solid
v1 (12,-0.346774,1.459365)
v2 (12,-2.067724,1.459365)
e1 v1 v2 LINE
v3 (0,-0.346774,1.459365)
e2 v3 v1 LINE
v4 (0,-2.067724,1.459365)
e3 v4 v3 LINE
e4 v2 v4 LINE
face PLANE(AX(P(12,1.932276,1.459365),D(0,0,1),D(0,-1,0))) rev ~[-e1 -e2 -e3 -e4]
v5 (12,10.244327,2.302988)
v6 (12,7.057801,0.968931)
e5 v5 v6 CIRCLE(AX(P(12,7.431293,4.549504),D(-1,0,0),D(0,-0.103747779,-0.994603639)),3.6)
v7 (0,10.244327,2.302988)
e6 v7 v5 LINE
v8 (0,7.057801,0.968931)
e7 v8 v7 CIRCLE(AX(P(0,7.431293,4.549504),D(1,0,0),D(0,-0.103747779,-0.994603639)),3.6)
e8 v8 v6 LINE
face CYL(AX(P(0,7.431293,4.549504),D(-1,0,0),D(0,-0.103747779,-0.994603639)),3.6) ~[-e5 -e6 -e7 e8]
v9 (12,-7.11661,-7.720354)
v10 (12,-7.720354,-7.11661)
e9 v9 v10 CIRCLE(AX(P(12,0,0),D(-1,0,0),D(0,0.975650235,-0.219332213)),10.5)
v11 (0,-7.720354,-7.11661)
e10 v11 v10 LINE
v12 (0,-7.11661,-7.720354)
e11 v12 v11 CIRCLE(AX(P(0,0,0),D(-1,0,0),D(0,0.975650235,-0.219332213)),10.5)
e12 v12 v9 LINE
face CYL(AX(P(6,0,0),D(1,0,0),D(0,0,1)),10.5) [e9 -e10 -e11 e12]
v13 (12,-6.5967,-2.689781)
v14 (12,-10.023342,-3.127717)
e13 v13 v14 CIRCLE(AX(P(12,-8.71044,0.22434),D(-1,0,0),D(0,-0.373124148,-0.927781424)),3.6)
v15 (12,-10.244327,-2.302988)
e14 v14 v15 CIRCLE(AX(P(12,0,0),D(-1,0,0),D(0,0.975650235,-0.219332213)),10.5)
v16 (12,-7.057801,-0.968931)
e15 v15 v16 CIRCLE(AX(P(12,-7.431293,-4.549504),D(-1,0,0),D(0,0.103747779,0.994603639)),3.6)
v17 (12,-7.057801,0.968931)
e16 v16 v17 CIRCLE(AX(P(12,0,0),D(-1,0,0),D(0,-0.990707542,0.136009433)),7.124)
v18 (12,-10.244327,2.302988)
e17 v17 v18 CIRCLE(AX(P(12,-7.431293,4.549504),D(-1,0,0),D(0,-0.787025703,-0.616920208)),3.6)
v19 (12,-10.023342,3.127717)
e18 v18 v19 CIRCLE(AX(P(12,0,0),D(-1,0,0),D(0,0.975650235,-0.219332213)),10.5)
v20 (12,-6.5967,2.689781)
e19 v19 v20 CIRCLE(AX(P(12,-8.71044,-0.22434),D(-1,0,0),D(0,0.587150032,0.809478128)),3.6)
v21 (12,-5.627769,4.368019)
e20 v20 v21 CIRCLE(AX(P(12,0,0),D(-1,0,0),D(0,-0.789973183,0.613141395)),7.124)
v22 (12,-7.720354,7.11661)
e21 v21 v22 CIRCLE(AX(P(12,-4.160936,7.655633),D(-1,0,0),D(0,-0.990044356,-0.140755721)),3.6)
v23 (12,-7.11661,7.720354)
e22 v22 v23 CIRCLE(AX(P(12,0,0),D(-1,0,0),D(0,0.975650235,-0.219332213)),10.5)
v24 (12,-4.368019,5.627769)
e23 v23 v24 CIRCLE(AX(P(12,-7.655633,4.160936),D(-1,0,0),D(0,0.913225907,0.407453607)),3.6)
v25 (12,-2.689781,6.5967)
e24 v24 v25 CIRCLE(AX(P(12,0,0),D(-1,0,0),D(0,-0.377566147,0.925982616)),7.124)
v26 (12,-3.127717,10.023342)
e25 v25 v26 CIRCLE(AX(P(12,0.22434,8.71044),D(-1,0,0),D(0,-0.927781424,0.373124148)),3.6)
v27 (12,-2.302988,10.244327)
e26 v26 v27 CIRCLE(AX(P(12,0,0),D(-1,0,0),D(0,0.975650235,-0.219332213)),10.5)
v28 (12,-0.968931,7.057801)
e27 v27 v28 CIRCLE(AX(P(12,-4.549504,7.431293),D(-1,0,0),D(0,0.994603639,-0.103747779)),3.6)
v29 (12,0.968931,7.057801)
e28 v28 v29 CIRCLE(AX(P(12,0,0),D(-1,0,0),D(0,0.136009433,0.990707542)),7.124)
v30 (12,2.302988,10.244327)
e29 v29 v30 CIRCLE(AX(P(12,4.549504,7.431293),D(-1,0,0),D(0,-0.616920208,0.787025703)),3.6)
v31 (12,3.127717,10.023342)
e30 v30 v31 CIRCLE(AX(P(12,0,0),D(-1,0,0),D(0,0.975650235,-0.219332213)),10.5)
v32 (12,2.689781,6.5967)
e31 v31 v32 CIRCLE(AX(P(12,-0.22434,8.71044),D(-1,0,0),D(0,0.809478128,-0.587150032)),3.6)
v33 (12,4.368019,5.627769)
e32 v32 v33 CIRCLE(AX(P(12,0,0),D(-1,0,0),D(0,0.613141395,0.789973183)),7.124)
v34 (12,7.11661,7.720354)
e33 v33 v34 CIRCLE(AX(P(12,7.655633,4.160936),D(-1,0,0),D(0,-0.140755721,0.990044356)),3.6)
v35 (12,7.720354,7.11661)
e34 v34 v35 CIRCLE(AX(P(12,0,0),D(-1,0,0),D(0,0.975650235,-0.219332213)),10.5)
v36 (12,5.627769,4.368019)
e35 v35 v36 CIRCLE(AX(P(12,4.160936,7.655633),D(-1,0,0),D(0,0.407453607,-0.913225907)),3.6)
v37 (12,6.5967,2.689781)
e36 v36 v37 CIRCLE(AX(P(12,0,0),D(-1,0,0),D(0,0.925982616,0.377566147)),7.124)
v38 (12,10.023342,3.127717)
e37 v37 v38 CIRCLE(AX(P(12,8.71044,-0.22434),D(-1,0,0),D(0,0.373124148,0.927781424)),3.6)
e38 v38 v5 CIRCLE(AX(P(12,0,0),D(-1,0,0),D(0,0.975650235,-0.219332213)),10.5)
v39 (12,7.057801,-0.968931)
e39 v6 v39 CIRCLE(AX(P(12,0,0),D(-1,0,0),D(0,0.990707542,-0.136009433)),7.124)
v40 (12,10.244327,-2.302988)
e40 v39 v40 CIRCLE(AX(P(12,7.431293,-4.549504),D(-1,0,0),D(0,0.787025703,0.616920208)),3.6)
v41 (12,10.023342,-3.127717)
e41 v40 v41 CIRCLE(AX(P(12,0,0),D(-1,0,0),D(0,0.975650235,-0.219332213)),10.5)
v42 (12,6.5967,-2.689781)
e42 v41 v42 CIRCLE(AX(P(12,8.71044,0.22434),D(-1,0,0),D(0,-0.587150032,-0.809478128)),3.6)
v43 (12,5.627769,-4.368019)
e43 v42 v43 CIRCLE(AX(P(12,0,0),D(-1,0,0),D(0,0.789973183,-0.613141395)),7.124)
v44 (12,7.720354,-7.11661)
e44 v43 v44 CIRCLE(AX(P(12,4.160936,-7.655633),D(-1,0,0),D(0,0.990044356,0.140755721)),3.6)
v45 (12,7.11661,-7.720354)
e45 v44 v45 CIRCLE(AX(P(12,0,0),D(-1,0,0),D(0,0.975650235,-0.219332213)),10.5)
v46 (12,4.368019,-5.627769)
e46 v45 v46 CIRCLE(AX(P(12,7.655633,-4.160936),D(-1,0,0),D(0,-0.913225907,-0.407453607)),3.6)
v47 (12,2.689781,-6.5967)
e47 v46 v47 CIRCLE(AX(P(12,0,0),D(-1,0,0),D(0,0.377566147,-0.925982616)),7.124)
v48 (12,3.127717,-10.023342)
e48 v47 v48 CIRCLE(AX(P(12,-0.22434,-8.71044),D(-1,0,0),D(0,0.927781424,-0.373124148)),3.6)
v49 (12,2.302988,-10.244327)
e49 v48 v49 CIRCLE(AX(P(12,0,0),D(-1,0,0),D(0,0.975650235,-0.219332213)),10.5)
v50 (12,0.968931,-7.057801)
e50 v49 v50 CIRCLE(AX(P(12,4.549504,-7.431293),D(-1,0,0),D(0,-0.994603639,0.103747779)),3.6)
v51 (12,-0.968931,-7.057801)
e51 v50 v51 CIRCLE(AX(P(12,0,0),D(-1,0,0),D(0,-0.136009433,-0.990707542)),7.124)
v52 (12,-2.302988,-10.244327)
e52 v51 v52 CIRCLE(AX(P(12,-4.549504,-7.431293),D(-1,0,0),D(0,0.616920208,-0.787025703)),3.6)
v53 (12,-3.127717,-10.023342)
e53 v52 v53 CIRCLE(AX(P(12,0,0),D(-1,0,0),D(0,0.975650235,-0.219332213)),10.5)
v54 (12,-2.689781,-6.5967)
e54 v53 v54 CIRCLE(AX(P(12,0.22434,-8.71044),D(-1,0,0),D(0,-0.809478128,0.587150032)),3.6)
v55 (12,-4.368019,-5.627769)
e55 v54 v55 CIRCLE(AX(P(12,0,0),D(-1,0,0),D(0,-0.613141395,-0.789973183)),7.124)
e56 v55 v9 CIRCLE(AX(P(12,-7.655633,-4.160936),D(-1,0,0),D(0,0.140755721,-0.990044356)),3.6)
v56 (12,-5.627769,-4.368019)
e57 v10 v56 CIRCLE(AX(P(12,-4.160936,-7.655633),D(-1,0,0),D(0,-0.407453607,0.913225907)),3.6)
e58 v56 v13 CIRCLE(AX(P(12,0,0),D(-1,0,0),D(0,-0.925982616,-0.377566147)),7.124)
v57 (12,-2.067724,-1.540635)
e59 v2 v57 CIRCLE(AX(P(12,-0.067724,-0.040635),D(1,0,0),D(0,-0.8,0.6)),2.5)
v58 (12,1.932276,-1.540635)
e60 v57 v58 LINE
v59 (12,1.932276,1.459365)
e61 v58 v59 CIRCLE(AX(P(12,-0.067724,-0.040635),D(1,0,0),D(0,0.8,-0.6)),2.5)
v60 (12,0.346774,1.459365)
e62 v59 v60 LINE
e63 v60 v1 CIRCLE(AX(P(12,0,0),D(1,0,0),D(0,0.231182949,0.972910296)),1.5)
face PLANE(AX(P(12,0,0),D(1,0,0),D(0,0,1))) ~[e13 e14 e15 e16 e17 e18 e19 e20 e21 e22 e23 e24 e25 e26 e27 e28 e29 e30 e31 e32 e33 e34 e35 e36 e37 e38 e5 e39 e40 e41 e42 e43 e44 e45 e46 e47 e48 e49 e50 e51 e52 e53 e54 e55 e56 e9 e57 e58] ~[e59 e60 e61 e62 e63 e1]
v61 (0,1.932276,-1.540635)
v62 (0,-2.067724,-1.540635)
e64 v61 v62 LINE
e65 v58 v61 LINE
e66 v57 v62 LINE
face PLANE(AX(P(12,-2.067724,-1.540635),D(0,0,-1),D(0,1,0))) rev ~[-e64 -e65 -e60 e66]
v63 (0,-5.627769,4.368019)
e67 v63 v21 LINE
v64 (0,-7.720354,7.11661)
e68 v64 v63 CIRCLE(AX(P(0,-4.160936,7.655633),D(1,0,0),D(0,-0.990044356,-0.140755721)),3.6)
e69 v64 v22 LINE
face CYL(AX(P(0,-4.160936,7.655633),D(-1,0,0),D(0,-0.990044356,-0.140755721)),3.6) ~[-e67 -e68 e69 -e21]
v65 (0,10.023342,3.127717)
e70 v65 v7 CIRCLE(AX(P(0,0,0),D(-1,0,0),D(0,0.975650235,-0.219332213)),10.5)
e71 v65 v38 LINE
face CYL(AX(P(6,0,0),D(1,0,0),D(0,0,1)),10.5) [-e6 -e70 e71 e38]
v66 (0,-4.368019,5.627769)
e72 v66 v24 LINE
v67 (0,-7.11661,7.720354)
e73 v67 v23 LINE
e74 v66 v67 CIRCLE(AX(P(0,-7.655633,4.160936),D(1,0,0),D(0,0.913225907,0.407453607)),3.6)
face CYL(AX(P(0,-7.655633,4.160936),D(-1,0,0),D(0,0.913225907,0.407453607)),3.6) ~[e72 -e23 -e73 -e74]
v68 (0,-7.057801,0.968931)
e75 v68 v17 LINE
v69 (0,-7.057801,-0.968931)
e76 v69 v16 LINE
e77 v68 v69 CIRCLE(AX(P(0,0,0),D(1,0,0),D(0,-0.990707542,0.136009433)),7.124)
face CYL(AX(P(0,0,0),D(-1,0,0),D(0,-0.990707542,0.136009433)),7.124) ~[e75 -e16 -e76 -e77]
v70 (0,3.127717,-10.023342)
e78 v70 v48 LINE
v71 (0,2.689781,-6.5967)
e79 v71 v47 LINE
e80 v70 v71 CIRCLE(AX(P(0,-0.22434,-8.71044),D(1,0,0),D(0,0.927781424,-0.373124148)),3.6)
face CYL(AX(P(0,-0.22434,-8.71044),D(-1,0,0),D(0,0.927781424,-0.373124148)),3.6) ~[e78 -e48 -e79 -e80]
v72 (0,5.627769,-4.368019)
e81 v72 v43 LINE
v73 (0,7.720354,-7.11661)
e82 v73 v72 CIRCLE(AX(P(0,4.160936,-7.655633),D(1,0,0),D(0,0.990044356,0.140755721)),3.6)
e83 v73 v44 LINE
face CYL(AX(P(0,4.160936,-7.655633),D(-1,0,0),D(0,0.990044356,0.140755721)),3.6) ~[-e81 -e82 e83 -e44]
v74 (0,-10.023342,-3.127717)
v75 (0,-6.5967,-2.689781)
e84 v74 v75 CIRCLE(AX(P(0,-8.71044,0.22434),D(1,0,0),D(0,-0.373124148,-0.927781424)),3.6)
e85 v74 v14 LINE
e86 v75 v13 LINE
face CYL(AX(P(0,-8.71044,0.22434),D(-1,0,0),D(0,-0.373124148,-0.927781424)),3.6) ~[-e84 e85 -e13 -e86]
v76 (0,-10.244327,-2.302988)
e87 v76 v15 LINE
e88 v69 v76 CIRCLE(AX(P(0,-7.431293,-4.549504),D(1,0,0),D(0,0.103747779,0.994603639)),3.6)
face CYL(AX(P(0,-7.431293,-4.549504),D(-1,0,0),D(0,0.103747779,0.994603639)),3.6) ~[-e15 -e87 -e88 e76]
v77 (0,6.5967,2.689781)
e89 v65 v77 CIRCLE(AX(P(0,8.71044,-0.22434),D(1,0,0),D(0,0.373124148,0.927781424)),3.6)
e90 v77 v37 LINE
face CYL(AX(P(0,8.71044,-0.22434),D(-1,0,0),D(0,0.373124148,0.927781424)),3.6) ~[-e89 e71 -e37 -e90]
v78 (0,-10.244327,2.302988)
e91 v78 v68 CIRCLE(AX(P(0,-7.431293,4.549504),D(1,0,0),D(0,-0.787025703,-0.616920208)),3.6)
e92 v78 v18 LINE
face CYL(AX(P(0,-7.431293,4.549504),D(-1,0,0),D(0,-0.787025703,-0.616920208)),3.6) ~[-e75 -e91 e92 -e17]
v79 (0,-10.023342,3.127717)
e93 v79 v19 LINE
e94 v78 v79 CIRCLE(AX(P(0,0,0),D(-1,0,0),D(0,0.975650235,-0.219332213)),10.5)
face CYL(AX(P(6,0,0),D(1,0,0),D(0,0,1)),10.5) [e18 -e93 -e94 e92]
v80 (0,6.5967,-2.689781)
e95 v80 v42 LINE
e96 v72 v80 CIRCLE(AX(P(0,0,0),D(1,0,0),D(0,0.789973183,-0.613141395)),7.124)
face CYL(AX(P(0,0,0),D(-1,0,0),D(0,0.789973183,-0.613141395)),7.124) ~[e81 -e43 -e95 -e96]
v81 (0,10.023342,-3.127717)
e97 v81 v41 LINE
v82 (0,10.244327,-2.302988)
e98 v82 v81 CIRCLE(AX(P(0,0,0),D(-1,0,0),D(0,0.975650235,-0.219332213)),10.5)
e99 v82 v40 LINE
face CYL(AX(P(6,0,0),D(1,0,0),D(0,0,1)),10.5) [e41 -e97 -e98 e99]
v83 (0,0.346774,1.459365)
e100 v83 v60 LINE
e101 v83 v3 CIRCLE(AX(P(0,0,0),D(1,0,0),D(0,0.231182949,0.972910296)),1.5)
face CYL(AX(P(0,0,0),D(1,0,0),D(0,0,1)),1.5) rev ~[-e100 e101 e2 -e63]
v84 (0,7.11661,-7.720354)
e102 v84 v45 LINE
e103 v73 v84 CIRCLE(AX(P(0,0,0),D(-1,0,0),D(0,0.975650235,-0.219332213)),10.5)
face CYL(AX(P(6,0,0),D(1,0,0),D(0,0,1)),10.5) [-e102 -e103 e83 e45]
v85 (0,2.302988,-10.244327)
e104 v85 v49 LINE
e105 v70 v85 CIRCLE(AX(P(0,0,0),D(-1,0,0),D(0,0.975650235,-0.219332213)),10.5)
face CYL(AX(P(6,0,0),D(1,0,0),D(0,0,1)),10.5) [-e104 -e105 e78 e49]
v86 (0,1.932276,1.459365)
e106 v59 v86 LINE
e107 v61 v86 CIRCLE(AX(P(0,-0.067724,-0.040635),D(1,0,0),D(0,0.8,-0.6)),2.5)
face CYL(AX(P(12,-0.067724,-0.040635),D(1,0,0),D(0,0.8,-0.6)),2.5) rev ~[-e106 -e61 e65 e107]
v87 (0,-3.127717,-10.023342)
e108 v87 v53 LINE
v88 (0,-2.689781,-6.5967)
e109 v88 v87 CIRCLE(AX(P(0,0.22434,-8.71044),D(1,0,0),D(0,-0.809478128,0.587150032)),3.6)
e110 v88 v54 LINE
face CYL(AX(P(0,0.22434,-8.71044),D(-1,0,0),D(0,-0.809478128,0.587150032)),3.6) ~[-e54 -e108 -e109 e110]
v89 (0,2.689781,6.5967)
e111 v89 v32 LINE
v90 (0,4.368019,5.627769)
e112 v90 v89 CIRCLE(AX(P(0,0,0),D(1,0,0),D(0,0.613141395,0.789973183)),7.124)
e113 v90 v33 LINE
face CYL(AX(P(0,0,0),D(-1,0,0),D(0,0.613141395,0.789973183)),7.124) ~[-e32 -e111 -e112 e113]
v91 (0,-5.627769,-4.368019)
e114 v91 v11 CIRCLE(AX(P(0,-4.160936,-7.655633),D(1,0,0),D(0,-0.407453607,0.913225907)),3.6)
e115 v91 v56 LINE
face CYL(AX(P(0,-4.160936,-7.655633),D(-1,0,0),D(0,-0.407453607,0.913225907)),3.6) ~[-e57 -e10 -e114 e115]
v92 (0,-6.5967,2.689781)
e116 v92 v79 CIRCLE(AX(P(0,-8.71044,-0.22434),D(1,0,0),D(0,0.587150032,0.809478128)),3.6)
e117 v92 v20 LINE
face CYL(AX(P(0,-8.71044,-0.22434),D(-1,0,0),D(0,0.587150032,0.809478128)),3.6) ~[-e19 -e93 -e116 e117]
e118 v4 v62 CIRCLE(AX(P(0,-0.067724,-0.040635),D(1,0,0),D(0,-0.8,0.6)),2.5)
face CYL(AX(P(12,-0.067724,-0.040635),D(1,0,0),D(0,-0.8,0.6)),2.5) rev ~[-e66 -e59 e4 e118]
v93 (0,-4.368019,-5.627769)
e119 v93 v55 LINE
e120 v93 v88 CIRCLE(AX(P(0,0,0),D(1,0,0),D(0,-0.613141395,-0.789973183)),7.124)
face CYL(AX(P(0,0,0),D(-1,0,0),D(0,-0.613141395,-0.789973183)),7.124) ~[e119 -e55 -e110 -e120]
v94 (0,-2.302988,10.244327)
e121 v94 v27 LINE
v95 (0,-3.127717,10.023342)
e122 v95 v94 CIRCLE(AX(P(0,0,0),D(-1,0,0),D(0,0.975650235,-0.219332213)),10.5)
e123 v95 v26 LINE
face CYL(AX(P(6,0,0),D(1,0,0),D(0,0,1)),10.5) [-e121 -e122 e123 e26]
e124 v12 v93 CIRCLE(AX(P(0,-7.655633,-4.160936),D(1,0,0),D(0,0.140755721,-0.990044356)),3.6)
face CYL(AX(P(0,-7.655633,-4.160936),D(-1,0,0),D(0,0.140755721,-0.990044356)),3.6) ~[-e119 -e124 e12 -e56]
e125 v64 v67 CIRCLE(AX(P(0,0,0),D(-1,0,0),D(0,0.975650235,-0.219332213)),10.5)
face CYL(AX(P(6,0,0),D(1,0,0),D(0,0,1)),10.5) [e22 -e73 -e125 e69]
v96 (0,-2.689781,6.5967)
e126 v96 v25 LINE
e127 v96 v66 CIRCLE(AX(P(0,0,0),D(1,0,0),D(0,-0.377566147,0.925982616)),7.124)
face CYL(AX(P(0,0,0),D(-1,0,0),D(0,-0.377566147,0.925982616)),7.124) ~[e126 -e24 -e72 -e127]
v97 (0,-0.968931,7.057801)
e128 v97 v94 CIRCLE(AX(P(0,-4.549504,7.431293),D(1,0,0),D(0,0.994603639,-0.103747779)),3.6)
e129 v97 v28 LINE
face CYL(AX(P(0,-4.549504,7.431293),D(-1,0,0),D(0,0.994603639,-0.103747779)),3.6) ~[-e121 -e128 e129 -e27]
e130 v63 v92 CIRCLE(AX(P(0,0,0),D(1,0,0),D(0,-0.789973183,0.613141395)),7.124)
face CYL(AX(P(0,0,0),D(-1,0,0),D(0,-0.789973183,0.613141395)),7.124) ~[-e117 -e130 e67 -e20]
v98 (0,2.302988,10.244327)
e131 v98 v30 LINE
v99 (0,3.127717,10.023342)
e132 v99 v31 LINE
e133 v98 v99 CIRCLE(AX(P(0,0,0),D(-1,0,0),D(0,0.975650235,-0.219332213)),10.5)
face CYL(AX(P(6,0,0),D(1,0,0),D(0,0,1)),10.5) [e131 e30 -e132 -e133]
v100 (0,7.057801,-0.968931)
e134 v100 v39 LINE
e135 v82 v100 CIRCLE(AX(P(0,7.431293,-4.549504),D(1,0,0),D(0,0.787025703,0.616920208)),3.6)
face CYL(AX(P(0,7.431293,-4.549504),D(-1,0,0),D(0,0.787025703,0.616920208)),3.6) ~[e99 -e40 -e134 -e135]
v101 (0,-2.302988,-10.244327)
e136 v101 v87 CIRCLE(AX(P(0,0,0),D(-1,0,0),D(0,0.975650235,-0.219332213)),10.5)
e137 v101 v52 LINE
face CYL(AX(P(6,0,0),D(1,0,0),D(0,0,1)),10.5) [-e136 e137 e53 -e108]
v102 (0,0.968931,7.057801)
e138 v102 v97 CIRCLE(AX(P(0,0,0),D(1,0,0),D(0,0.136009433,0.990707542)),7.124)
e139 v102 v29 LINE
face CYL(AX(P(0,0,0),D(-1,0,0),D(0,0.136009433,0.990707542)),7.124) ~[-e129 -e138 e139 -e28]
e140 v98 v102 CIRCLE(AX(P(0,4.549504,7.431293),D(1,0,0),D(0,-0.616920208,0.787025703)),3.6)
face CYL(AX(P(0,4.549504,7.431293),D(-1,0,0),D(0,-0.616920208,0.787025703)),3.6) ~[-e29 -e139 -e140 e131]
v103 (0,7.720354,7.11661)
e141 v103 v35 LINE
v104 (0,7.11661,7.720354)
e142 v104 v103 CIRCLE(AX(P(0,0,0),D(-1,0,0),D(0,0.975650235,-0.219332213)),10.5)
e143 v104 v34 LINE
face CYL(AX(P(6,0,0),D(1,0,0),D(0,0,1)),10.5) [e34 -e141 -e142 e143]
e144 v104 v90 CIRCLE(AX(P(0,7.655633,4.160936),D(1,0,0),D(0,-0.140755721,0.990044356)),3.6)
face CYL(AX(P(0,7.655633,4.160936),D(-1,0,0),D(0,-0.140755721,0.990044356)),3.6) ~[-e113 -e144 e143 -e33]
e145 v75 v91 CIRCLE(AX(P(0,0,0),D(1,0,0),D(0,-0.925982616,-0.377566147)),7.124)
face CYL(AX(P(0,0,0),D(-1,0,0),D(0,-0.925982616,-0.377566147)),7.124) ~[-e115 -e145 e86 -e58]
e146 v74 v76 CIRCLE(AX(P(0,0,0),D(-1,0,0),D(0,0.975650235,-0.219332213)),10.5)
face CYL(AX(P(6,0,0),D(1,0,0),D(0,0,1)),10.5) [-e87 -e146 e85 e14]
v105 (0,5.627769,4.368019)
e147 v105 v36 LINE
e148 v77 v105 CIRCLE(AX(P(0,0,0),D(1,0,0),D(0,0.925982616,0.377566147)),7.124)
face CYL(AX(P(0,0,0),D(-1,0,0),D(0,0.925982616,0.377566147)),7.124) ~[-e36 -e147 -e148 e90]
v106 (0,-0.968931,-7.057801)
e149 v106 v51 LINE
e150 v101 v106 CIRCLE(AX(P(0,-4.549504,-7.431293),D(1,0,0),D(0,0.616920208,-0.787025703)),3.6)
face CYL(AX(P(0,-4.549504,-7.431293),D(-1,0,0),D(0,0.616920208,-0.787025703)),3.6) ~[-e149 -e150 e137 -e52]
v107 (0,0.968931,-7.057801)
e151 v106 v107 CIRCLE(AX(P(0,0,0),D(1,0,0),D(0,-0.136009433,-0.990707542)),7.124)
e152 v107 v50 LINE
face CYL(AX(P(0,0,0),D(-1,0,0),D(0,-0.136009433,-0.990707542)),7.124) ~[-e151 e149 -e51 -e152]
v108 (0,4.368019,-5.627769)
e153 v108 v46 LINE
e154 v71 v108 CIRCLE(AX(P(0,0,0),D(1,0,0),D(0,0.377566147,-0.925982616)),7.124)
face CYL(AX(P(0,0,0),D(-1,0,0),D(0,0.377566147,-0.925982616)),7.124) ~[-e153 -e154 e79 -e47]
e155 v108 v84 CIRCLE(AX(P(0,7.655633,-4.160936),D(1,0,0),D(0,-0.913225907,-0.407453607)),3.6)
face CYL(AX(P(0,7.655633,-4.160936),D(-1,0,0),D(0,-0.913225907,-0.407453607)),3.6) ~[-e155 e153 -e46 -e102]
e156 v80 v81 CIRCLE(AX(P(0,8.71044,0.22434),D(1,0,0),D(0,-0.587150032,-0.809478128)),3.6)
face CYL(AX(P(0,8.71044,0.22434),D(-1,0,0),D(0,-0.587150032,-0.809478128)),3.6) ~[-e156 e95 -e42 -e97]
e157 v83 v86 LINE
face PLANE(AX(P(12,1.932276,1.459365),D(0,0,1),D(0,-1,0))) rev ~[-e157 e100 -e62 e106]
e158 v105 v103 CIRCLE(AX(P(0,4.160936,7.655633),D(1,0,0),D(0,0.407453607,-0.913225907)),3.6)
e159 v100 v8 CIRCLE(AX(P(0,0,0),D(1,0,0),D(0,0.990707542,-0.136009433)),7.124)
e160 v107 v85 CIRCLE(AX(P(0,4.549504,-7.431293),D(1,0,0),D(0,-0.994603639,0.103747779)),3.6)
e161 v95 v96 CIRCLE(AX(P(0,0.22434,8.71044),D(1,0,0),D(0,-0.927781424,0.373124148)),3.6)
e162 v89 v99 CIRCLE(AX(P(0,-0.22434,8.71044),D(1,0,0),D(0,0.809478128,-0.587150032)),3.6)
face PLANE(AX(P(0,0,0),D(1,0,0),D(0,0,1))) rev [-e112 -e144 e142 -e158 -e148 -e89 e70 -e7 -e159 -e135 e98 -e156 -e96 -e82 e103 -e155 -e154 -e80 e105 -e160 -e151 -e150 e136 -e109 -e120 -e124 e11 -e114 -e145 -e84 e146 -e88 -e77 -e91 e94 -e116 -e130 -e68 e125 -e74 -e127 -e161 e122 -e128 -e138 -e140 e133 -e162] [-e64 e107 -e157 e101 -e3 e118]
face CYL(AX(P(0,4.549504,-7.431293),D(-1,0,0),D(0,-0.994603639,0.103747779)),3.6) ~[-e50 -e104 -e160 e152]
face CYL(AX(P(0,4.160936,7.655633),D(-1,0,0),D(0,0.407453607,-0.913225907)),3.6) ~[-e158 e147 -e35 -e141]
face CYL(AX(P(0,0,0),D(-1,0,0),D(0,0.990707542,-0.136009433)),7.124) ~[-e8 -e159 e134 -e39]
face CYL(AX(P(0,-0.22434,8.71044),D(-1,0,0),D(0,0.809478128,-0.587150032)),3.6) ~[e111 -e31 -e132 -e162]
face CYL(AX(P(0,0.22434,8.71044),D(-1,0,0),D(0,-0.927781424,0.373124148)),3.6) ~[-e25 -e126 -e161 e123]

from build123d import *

# Parameters (mm, degrees)
BASPROSKE_W        = 12
BASPROSKE_H        = 10.5
TOOTHCUT_DEPTH     = 20.091883092
TEETHCUTS_COUNT    = 12
TEETHCUTS_ANGLE    = 330
BORSKE_R           = 1.5
BORE_DEPTH         = 50.0000508
CUT_EXTRUDE1_DEPTH = 15


with BuildPart() as part:
    # BasProSke → Base-Revolve (revolve)
    with BuildSketch(Plane(origin=(0, 0, 0), x_dir=(1, 0, 0), z_dir=(0, 1, 0)), mode=Mode.PRIVATE) as base_revolve_sk:
        with Locations((6, 5.25)):
            Rectangle(BASPROSKE_W, BASPROSKE_H)
    revolve(base_revolve_sk.sketch.rotate(Axis((-10, 0, 0), (1, 0, 0)), 180), axis=Axis((-10, 0, 0), (1, 0, 0)))

    # TooCutSke → ToothCut (cut, through all)
    with BuildSketch(Plane(origin=(0, 0, 0), x_dir=(0, 0, -1), z_dir=(1, 0, 0))):
        with BuildLine():
            ThreePointArc((0.968931207, 7.05780053), (0, 7.124), (-0.968931207, 7.05780053))
            ThreePointArc((-0.968931207, 7.05780053), (-1.23511503, 8.836576748), (-2.328591557, 10.264585063))
            ThreePointArc((-2.328591557, 10.264585063), (0, 10.5254), (2.328591557, 10.264585063))
            ThreePointArc((2.328591557, 10.264585063), (1.23511503, 8.836576748), (0.968931207, 7.05780053))
        make_face()
    toothcut = extrude(amount=TOOTHCUT_DEPTH, mode=Mode.SUBTRACT)

    # TeethCuts: ToothCut ×12 about axis
    teethcuts_axis = Axis((-10, 0, 0), (1, 0, 0))
    for i in range(1, TEETHCUTS_COUNT):
        add(toothcut.rotate(teethcuts_axis, i * TEETHCUTS_ANGLE / (TEETHCUTS_COUNT - 1)), mode=Mode.SUBTRACT)

    # BorSke → Bore (cut, symmetric)
    with BuildSketch(Plane(origin=(0, 0, 0), x_dir=(0, 0, -1), z_dir=(1, 0, 0))):
        with Locations(Location((0, 0, 0), (0, 0, 180))):
            Circle(BORSKE_R)
    extrude(amount=BORE_DEPTH, both=True, mode=Mode.SUBTRACT)

    # Sketch1 → Cut-Extrude1 (cut)
    with BuildSketch(Plane(origin=(12, 0, 0), x_dir=(0, 0, -1), z_dir=(1, 0, 0))):
        with BuildLine():
            Line((1.540634556, -2.067724259), (1.540634556, 1.932275741))
            ThreePointArc((1.540634556, 1.932275741), (0.040634556, 2.432275741), (-1.459365444, 1.932275741))
            Line((-1.459365444, 1.932275741), (-1.459365444, -2.067724259))
            ThreePointArc((-1.459365444, -2.067724259), (0.040634556, -2.567724259), (1.540634556, -2.067724259))
        make_face()
    extrude(amount=-CUT_EXTRUDE1_DEPTH, mode=Mode.SUBTRACT)


solid = part.part
